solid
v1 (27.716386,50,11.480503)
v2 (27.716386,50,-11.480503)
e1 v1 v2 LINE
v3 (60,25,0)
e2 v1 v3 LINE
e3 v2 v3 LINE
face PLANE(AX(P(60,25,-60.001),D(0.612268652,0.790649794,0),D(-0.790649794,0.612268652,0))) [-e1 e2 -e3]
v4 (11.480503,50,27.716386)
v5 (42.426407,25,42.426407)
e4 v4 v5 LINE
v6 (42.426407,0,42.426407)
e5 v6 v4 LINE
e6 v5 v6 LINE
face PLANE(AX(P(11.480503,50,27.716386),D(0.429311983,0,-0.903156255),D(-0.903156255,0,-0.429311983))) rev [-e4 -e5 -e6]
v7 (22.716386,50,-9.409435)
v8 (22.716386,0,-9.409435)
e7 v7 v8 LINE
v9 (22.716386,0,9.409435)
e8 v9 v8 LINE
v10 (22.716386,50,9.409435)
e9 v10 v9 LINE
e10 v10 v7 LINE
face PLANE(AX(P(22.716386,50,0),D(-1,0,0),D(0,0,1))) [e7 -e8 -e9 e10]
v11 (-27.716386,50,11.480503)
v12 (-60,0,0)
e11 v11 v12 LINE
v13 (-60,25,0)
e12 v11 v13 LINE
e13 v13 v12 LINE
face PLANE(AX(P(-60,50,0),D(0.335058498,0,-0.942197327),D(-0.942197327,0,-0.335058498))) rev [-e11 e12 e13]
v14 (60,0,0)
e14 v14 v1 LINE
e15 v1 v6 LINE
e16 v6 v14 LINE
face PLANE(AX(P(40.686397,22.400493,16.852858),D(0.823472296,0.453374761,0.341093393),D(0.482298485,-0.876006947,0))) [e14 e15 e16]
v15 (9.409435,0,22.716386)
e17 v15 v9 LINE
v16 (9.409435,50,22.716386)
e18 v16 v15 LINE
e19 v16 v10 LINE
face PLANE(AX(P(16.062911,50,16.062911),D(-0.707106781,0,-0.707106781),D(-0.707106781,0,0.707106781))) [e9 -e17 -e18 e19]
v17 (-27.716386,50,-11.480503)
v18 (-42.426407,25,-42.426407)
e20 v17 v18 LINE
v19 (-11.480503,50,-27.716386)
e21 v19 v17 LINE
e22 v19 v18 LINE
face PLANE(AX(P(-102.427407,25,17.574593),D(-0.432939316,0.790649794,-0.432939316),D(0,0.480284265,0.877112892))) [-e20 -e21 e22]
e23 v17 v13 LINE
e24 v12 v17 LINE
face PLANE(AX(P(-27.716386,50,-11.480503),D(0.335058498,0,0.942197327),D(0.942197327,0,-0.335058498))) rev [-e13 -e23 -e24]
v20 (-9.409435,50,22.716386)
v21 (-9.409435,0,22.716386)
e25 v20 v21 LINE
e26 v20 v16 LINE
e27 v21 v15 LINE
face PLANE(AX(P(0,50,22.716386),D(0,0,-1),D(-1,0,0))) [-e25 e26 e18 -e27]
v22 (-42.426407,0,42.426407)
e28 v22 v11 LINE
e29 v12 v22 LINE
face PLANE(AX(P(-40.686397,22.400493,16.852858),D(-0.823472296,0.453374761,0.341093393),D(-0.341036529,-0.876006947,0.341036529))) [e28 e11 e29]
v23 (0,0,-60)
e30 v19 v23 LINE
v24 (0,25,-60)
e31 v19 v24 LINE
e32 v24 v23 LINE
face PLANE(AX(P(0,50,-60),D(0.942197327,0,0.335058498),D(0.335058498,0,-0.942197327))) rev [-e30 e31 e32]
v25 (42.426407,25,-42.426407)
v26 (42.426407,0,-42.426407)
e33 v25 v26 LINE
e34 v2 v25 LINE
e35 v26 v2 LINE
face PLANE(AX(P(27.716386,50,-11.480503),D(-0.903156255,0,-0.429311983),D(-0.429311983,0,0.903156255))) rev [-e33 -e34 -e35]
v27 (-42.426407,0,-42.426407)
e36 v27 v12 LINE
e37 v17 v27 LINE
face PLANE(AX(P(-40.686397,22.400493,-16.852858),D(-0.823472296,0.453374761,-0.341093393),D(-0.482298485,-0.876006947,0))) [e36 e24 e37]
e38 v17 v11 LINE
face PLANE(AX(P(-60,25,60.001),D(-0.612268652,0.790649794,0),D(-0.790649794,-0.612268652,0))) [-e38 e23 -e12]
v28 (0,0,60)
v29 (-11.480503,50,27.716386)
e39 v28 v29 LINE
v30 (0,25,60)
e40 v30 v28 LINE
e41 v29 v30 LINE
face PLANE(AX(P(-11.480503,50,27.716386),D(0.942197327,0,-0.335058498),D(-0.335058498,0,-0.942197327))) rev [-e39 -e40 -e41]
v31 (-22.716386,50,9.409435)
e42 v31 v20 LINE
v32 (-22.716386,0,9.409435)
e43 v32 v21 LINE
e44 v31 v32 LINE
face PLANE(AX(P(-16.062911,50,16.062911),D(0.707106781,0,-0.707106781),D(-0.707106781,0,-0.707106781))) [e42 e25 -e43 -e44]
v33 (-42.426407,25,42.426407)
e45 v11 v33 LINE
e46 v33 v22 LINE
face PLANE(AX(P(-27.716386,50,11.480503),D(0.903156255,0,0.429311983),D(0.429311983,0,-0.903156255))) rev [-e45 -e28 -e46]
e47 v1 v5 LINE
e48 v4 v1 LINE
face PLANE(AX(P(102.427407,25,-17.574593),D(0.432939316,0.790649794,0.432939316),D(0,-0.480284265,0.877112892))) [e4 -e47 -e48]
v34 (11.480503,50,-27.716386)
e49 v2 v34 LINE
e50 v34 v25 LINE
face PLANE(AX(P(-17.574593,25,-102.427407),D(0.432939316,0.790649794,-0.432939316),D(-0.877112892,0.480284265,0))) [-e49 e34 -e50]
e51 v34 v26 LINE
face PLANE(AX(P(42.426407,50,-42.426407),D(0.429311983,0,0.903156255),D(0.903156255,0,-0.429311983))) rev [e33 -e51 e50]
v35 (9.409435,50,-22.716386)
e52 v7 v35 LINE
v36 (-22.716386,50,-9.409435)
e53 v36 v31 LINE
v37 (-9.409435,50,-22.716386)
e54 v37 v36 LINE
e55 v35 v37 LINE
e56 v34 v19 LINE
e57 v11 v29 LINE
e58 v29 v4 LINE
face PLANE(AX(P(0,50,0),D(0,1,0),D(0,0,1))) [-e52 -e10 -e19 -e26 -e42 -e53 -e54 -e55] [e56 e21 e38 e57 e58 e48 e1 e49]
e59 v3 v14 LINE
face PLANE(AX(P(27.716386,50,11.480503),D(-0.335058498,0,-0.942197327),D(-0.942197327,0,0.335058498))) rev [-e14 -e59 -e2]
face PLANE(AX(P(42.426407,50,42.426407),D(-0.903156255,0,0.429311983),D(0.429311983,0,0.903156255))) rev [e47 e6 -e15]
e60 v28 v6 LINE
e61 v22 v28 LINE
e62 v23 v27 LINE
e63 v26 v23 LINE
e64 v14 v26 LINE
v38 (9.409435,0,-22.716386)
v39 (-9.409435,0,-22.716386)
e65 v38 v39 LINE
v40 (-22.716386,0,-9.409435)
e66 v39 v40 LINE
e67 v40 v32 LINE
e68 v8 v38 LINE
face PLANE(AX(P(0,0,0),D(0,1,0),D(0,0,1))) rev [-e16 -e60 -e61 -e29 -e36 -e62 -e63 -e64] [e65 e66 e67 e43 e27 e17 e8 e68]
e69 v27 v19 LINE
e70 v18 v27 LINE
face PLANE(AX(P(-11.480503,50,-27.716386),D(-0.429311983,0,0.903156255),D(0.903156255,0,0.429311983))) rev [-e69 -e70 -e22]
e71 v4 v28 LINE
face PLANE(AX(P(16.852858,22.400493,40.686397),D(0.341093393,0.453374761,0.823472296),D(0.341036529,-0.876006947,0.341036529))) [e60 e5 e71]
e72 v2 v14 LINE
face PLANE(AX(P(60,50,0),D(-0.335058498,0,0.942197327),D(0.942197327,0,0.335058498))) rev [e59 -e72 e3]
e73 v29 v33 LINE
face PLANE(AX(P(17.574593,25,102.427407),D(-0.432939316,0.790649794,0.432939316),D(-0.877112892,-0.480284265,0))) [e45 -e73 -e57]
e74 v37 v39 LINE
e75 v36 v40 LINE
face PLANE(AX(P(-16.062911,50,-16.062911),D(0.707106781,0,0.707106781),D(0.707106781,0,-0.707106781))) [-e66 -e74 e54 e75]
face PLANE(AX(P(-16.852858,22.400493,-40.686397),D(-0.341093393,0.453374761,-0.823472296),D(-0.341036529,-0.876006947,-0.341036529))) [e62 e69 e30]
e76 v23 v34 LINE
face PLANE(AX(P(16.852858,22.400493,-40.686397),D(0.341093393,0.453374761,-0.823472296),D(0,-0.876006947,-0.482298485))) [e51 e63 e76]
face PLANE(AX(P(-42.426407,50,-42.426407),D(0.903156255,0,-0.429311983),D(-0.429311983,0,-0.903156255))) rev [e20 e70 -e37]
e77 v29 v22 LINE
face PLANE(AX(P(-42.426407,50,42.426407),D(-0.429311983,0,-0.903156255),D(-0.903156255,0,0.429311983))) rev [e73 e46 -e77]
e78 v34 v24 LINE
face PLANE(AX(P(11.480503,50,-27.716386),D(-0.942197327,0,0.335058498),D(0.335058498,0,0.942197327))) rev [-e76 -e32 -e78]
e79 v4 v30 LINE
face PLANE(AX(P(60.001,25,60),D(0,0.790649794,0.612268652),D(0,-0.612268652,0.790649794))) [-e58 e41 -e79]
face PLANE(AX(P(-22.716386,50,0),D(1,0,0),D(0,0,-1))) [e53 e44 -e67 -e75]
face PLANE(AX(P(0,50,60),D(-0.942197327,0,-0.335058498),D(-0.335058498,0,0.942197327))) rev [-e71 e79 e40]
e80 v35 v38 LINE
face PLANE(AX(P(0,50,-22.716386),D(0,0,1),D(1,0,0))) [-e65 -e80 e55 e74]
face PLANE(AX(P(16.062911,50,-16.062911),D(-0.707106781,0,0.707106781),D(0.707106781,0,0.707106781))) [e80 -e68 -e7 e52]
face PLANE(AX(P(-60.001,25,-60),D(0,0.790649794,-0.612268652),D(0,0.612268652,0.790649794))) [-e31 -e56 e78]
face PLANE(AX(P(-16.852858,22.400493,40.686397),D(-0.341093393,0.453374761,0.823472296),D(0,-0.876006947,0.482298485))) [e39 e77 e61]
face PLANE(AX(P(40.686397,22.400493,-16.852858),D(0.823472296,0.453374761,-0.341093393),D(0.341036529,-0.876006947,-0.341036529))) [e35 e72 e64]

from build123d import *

# Parameters (mm, degrees)
EXTRUDE_2_DEPTH                 = 50
SKETCH_4_W                      = 120
SKETCH_4_H                      = 97.901728648
CUT_EXTRUDE_1_DEPTH             = 50
PATTERN_CIRCULAR_1_COUNT        = 8
EXTRUDE_3_DEPTH                 = 50
CUT_EXTRUDE_2_REACH             = 100.489
CUT_EXTRUDE_2_DIRECTION_2_REACH = 100.489
PATTERN_CIRCULAR_3_COUNT        = 8
EXTRUDE_4_DEPTH                 = 50


with BuildPart() as part:
    # 草图3 → 凸台-拉伸2 (new body)
    with BuildSketch(Plane(origin=(0, 0, 0), x_dir=(1, 0, 0), z_dir=(0, 1, 0))):
        Polygon((-42.426406871, -42.426406871), (0, -60), (42.426406871, -42.426406871), (60, 0), (42.426406871, 42.426406871), (0, 60), (-42.426406871, 42.426406871), (-60, 0), align=None)
        Polygon((27.716385975, -11.480502971), (11.480502971, -27.716385975), (-11.480502971, -27.716385975), (-27.716385975, -11.480502971), (-27.716385975, 11.480502971), (-11.480502971, 27.716385975), (11.480502971, 27.716385975), (27.716385975, 11.480502971), align=None, mode=Mode.SUBTRACT)
    extrude(amount=EXTRUDE_2_DEPTH)

    # 草图4 → 切除-拉伸1 (cut)
    with BuildSketch(Plane(origin=(-16.852857596, 22.400493343, 40.686397374), x_dir=(0.9400294128280147, 0.16450882670917247, 0.2988001823175307), z_dir=(-0.3410933933957357, 0.4533747611963636, 0.8234722963718466))):
        Rectangle(SKETCH_4_W, SKETCH_4_H)
    cut_extrude_1 = extrude(amount=CUT_EXTRUDE_1_DEPTH, mode=Mode.SUBTRACT)

    # 阵列(圆周)1: 切除-拉伸1 ×8 about axis
    pattern_circular_1_axis = Axis((0, 80.427502856, 0), (0, -1, 0))
    for i in range(1, PATTERN_CIRCULAR_1_COUNT):
        add(cut_extrude_1.rotate(pattern_circular_1_axis, i * 360 / PATTERN_CIRCULAR_1_COUNT), mode=Mode.SUBTRACT)

    # 草图5 → 凸台-拉伸3 (add)
    with BuildSketch(Plane(origin=(0, 0, 0), x_dir=(1, 0, 0), z_dir=(0, 1, 0))):
        Polygon((-27.716385975, 11.480502971), (-60, 0), (-27.716385975, -11.480502971), align=None)
    extrude_3 = extrude(amount=EXTRUDE_3_DEPTH)

    # 草图6 → 切除-拉伸2 (cut, up to next)
    with BuildSketch(Plane.XY, mode=Mode.PRIVATE) as cut_extrude_2_sk1:
        Polygon((-27.716385975, 50), (-60, 50), (-60, 25), align=None)
    cut_extrude_2_tool1 = extrude(cut_extrude_2_sk1.sketch, amount=-CUT_EXTRUDE_2_REACH, mode=Mode.PRIVATE) & part.part
    cut_extrude_2 = cut_extrude_2_tool1.solids().sort_by_distance((-49.238795, 41.666667, 0))[0]
    add(cut_extrude_2, mode=Mode.SUBTRACT)

    # 草图6 → 切除-拉伸2 direction 2 (cut, up to next)
    with BuildSketch(Plane.XY, mode=Mode.PRIVATE) as cut_extrude_2_direction_2_sk1:
        Polygon((-27.716385975, 50), (-60, 50), (-60, 25), align=None)
    cut_extrude_2_direction_2_tool1 = extrude(cut_extrude_2_direction_2_sk1.sketch, amount=CUT_EXTRUDE_2_DIRECTION_2_REACH, mode=Mode.PRIVATE) & part.part
    cut_extrude_2_direction_2 = cut_extrude_2_direction_2_tool1.solids().sort_by_distance((-49.238795, 41.666667, 0))[0]
    add(cut_extrude_2_direction_2, mode=Mode.SUBTRACT)

    # 阵列(圆周)3: 凸台-拉伸3, 切除-拉伸2, 切除-拉伸2 direction 2 ×8 about axis
    pattern_circular_3_axis = Axis((0, 80.427502856, 0), (0, -1, 0))
    add([extrude_3.rotate(pattern_circular_3_axis, i * 360 / PATTERN_CIRCULAR_3_COUNT) for i in range(1, PATTERN_CIRCULAR_3_COUNT)])
    add([cut_extrude_2.rotate(pattern_circular_3_axis, i * 360 / PATTERN_CIRCULAR_3_COUNT) for i in range(1, PATTERN_CIRCULAR_3_COUNT)], mode=Mode.SUBTRACT)
    add([cut_extrude_2_direction_2.rotate(pattern_circular_3_axis, i * 360 / PATTERN_CIRCULAR_3_COUNT) for i in range(1, PATTERN_CIRCULAR_3_COUNT)], mode=Mode.SUBTRACT)

    # 草图3<4> → 凸台-拉伸4 (add)
    with BuildSketch(Plane(origin=(0, 0, 0), x_dir=(1, 0, 0), z_dir=(0, 1, 0))):
        Polygon((-11.480502971, -27.716385975), (11.480502971, -27.716385975), (27.716385975, -11.480502971), (27.716385975, 11.480502971), (11.480502971, 27.716385975), (-11.480502971, 27.716385975), (-27.716385975, 11.480502971), (-27.716385975, -11.480502971), align=None)
        Polygon((-22.716385975, 9.409435159), (-9.409435159, 22.716385975), (9.409435159, 22.716385975), (22.716385975, 9.409435159), (22.716385975, -9.409435159), (9.409435159, -22.716385975), (-9.409435159, -22.716385975), (-22.716385975, -9.409435159), align=None, mode=Mode.SUBTRACT)
    extrude(amount=EXTRUDE_4_DEPTH)


solid = part.part
